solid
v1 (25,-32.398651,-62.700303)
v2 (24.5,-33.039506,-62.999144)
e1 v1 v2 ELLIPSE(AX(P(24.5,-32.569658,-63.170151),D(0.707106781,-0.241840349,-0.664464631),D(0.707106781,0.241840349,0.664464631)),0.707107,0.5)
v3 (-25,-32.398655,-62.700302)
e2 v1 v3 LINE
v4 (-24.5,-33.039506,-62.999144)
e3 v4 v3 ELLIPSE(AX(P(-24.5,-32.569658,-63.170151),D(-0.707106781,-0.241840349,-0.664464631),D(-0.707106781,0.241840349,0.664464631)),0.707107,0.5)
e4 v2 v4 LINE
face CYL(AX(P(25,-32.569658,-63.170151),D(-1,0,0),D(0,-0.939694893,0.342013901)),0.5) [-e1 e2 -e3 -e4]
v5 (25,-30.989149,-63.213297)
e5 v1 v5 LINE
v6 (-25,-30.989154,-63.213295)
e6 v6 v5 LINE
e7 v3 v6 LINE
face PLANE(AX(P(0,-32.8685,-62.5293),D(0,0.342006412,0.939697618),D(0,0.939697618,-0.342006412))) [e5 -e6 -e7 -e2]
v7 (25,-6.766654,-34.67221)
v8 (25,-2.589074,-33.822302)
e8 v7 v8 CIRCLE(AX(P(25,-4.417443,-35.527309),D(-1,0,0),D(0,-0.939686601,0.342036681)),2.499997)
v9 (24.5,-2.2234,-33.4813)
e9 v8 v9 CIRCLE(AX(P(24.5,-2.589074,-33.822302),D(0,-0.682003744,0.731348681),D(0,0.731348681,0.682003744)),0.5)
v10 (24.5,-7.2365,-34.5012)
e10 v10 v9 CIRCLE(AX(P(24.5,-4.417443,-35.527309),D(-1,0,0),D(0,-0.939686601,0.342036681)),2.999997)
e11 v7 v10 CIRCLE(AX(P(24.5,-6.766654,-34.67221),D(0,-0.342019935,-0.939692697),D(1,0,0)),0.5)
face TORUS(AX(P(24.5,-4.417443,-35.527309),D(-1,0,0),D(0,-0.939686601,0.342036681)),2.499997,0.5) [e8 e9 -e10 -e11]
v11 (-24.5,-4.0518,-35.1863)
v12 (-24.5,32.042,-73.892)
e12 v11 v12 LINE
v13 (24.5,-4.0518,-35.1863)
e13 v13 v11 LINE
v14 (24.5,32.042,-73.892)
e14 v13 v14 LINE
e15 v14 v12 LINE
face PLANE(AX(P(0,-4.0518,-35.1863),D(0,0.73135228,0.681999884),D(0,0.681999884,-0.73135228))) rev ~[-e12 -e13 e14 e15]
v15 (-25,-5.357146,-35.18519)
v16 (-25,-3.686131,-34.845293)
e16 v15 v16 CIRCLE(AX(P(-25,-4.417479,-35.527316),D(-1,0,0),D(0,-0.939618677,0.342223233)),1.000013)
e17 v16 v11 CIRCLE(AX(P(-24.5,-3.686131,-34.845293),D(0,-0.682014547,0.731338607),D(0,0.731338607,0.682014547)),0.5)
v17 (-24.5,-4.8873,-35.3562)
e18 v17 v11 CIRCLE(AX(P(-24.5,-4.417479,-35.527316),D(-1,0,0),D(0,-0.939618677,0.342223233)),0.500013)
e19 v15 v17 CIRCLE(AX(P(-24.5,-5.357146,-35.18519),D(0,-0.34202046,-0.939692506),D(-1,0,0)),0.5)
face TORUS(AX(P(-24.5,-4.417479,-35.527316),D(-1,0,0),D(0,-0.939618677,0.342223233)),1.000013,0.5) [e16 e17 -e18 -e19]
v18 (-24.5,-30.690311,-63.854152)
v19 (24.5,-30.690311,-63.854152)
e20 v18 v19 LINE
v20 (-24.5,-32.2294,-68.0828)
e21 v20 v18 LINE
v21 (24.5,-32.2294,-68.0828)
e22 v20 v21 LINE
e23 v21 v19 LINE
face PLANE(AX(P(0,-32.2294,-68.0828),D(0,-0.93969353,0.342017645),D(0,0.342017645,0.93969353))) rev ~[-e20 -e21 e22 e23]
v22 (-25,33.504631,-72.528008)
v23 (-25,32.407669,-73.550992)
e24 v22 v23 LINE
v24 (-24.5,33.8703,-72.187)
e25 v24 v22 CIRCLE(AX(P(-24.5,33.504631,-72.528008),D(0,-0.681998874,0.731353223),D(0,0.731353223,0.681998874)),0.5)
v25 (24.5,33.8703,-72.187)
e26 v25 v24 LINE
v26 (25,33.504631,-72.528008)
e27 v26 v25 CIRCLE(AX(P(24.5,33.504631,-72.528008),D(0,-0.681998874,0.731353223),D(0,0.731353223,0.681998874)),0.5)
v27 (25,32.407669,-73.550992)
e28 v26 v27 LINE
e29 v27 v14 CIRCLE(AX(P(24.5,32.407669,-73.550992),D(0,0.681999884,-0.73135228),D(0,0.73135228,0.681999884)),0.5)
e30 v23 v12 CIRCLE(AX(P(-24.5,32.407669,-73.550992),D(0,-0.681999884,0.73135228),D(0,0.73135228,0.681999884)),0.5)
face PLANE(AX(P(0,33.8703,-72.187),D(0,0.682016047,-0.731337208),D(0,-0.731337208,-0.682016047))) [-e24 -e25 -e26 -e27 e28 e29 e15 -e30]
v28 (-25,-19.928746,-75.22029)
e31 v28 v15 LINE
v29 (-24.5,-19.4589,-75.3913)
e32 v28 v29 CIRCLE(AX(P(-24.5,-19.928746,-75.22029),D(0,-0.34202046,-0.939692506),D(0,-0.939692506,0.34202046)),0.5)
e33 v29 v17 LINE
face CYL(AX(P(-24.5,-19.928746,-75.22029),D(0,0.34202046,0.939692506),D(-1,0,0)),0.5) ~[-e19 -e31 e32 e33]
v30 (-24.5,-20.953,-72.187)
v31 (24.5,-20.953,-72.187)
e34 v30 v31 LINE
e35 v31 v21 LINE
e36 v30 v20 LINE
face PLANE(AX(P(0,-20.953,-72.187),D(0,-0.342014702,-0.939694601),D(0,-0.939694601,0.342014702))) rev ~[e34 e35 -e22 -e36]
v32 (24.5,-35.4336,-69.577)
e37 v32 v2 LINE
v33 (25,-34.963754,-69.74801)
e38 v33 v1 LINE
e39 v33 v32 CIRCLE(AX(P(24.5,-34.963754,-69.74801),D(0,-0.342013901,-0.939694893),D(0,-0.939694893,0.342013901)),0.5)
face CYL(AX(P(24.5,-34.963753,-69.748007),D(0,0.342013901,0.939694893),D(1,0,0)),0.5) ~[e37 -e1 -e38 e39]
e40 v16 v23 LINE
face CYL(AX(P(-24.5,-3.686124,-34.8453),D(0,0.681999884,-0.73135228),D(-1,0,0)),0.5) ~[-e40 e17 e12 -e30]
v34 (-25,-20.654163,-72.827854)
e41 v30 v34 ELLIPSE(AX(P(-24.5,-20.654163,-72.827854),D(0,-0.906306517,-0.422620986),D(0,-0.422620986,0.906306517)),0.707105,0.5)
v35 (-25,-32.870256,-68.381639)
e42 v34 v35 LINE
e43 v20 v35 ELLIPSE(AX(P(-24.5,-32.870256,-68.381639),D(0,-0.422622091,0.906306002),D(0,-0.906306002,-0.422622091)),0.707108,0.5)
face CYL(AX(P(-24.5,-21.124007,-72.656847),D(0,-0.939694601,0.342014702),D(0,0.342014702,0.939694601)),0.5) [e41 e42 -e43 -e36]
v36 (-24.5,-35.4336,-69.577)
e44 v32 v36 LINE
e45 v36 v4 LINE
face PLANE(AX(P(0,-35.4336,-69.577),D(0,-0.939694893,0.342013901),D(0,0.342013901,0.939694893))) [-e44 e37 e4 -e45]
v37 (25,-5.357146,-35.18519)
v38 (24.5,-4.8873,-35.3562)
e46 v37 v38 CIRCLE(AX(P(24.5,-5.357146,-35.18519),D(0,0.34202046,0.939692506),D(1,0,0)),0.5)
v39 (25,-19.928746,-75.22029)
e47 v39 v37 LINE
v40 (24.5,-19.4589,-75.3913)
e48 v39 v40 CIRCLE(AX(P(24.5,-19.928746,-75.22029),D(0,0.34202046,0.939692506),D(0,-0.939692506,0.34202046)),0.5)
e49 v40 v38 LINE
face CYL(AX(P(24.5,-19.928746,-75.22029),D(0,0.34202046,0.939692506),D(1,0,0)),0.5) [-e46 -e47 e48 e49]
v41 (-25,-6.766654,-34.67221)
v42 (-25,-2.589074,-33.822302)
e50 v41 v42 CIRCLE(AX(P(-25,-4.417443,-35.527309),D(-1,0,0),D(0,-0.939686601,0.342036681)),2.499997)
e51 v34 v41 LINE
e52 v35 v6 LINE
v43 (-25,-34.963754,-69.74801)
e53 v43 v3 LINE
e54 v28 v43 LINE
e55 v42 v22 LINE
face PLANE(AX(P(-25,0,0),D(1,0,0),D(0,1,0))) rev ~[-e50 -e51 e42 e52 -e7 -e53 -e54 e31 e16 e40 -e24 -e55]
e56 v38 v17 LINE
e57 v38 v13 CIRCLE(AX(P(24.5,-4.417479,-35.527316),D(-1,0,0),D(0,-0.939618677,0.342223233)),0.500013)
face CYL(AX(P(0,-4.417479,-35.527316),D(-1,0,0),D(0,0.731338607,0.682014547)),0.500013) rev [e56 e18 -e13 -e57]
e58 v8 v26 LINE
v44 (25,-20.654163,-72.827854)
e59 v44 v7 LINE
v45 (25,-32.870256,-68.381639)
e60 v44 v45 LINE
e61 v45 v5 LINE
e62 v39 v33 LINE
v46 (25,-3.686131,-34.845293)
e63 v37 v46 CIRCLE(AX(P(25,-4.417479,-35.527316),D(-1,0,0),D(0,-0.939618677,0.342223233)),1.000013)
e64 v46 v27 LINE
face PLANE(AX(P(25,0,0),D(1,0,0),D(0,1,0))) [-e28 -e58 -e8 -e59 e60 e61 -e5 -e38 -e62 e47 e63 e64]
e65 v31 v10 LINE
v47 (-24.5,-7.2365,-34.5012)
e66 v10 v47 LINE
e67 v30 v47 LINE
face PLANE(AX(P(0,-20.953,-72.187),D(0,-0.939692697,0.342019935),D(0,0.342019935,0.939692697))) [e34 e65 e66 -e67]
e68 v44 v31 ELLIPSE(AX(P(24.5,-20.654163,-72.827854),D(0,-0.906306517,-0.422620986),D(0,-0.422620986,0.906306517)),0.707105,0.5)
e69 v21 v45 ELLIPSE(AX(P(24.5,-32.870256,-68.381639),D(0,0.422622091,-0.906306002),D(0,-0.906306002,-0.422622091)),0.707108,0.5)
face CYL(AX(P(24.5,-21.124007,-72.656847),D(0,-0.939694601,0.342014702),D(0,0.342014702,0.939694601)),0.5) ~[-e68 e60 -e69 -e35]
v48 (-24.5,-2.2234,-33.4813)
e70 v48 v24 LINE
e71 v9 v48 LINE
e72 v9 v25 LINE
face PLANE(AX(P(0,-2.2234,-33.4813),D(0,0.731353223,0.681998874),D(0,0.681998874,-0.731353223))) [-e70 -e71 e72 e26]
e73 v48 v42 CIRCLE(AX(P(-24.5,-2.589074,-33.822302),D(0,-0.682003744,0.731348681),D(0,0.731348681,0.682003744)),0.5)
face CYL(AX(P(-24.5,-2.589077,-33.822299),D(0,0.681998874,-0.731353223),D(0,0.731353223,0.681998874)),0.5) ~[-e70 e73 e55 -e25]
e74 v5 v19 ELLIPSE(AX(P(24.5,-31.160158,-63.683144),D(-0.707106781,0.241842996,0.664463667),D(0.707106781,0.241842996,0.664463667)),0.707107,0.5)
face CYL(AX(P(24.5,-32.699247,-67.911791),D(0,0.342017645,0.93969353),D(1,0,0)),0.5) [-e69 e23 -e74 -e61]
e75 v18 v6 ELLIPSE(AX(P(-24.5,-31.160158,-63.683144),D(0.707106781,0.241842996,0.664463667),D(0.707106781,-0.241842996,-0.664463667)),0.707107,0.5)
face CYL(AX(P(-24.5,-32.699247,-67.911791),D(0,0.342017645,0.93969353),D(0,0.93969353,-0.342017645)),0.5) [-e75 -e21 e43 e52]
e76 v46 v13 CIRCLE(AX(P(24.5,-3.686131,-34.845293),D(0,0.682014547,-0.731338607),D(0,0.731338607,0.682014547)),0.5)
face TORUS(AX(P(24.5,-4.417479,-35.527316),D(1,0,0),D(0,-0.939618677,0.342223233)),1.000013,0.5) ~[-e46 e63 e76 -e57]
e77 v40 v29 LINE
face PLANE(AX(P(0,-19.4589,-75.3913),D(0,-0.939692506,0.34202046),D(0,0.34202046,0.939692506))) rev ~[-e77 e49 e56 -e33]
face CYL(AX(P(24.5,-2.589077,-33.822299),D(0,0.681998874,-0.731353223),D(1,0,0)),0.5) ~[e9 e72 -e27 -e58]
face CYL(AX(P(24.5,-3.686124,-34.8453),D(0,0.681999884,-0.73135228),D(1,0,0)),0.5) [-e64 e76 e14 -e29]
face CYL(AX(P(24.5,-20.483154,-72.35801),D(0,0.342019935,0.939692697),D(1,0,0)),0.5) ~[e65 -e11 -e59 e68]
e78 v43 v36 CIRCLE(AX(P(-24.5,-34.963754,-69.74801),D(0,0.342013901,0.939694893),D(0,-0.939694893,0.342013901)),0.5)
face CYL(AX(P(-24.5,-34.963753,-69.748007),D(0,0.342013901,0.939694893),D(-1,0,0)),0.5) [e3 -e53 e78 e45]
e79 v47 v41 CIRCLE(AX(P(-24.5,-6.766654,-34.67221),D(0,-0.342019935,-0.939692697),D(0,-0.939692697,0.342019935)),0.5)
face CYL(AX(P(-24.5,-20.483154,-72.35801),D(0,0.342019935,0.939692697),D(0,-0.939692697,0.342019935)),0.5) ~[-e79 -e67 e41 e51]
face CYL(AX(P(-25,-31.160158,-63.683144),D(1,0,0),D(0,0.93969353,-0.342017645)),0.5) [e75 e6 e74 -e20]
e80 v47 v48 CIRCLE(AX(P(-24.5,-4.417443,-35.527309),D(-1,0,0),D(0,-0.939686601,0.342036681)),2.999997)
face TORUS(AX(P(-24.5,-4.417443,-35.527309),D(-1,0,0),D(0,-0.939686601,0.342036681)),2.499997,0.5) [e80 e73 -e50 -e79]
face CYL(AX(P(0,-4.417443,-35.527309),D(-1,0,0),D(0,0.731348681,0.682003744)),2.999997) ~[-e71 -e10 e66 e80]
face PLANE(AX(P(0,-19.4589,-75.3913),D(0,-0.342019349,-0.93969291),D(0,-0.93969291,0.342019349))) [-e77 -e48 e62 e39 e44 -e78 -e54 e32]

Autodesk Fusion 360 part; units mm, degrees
sketch "Sketch1" plane through (0, 0, 0) normal (1, 0, 0) x (0, 1, 0) in component "stand"
  line L0 (-20.953, -72.187) -> (-7.2365, -34.5012)
  line L1 (-2.2234, -33.4813) -> (33.8703, -72.187)
  line L2 (-20.953, -72.187) -> (-32.2294, -68.0828)
  line L3 (-32.2294, -68.0828) -> (-30.5193, -63.3843)
  arc A0 (-2.2234, -33.4813) -> (-7.2365, -34.5012) centre (-4.4174, -35.5273) ccw
  line L4 (-4.0518, -35.1863) -> (32.042, -73.892)
  arc A1 (-4.0518, -35.1863) -> (-4.8873, -35.3562) centre (-4.4174, -35.5273) ccw
  line L5 (-19.4589, -75.3913) -> (-4.8873, -35.3562)
  line L6 (-19.4589, -75.3913) -> (-35.4336, -69.577)
  line L7 (-35.4336, -69.577) -> (-32.8685, -62.5293)
  line L8 (-32.8685, -62.5293) -> (-30.5193, -63.3843)
  line L9 (33.8703, -72.187) -> (32.042, -73.892)
  line L10 (-19.4589, -75.3913) -> (32.042, -73.892) construction
  point P0 (-20.953, -72.187)
  point P1 (-30.35, -68.7668)
  point P2 (-5.5621, -29.9009)
  dimension "d5" = 45
  dimension "d8" = 12
  dimension "d9" = 5
  dimension "d10" = 3
  dimension "d11" = 2.5
  dimension "d17" = 68.332
extrude "Extrude1" add sketch "Sketch1" along normal mid plane 50 in component "stand"
fillet "Fillet1" radius 0.5 20 edges at (25, 15.8235, -52.8342) (25, -5.0155, -32.5875) (25, -14.0948, -53.3441) (25, -12.1731, -55.3738) (25, -4.5171, -35.0373) (25, 13.9951, -54.5392) (25, -26.5912, -70.1349) (25, -34.1511, -66.0531) (25, -31.3743, -65.7336) (0, -30.5193, -63.3843) (0, -32.8685, -62.5293) (-25, 13.9951, -54.5392) (-25, -4.5171, -35.0373) (-25, -12.1731, -55.3738) (-25, -14.0948, -53.3441) (-25, -5.0155, -32.5875) (-25, 15.8235, -52.8342) (-25, -26.5912, -70.1349) (-25, -31.3743, -65.7336) (-25, -34.1511, -66.0531) in component "stand"
component "stand" placed x (1, 0, 0) y (0, 1, 0) z (0, 0, 1) at (0, 0, 0)
